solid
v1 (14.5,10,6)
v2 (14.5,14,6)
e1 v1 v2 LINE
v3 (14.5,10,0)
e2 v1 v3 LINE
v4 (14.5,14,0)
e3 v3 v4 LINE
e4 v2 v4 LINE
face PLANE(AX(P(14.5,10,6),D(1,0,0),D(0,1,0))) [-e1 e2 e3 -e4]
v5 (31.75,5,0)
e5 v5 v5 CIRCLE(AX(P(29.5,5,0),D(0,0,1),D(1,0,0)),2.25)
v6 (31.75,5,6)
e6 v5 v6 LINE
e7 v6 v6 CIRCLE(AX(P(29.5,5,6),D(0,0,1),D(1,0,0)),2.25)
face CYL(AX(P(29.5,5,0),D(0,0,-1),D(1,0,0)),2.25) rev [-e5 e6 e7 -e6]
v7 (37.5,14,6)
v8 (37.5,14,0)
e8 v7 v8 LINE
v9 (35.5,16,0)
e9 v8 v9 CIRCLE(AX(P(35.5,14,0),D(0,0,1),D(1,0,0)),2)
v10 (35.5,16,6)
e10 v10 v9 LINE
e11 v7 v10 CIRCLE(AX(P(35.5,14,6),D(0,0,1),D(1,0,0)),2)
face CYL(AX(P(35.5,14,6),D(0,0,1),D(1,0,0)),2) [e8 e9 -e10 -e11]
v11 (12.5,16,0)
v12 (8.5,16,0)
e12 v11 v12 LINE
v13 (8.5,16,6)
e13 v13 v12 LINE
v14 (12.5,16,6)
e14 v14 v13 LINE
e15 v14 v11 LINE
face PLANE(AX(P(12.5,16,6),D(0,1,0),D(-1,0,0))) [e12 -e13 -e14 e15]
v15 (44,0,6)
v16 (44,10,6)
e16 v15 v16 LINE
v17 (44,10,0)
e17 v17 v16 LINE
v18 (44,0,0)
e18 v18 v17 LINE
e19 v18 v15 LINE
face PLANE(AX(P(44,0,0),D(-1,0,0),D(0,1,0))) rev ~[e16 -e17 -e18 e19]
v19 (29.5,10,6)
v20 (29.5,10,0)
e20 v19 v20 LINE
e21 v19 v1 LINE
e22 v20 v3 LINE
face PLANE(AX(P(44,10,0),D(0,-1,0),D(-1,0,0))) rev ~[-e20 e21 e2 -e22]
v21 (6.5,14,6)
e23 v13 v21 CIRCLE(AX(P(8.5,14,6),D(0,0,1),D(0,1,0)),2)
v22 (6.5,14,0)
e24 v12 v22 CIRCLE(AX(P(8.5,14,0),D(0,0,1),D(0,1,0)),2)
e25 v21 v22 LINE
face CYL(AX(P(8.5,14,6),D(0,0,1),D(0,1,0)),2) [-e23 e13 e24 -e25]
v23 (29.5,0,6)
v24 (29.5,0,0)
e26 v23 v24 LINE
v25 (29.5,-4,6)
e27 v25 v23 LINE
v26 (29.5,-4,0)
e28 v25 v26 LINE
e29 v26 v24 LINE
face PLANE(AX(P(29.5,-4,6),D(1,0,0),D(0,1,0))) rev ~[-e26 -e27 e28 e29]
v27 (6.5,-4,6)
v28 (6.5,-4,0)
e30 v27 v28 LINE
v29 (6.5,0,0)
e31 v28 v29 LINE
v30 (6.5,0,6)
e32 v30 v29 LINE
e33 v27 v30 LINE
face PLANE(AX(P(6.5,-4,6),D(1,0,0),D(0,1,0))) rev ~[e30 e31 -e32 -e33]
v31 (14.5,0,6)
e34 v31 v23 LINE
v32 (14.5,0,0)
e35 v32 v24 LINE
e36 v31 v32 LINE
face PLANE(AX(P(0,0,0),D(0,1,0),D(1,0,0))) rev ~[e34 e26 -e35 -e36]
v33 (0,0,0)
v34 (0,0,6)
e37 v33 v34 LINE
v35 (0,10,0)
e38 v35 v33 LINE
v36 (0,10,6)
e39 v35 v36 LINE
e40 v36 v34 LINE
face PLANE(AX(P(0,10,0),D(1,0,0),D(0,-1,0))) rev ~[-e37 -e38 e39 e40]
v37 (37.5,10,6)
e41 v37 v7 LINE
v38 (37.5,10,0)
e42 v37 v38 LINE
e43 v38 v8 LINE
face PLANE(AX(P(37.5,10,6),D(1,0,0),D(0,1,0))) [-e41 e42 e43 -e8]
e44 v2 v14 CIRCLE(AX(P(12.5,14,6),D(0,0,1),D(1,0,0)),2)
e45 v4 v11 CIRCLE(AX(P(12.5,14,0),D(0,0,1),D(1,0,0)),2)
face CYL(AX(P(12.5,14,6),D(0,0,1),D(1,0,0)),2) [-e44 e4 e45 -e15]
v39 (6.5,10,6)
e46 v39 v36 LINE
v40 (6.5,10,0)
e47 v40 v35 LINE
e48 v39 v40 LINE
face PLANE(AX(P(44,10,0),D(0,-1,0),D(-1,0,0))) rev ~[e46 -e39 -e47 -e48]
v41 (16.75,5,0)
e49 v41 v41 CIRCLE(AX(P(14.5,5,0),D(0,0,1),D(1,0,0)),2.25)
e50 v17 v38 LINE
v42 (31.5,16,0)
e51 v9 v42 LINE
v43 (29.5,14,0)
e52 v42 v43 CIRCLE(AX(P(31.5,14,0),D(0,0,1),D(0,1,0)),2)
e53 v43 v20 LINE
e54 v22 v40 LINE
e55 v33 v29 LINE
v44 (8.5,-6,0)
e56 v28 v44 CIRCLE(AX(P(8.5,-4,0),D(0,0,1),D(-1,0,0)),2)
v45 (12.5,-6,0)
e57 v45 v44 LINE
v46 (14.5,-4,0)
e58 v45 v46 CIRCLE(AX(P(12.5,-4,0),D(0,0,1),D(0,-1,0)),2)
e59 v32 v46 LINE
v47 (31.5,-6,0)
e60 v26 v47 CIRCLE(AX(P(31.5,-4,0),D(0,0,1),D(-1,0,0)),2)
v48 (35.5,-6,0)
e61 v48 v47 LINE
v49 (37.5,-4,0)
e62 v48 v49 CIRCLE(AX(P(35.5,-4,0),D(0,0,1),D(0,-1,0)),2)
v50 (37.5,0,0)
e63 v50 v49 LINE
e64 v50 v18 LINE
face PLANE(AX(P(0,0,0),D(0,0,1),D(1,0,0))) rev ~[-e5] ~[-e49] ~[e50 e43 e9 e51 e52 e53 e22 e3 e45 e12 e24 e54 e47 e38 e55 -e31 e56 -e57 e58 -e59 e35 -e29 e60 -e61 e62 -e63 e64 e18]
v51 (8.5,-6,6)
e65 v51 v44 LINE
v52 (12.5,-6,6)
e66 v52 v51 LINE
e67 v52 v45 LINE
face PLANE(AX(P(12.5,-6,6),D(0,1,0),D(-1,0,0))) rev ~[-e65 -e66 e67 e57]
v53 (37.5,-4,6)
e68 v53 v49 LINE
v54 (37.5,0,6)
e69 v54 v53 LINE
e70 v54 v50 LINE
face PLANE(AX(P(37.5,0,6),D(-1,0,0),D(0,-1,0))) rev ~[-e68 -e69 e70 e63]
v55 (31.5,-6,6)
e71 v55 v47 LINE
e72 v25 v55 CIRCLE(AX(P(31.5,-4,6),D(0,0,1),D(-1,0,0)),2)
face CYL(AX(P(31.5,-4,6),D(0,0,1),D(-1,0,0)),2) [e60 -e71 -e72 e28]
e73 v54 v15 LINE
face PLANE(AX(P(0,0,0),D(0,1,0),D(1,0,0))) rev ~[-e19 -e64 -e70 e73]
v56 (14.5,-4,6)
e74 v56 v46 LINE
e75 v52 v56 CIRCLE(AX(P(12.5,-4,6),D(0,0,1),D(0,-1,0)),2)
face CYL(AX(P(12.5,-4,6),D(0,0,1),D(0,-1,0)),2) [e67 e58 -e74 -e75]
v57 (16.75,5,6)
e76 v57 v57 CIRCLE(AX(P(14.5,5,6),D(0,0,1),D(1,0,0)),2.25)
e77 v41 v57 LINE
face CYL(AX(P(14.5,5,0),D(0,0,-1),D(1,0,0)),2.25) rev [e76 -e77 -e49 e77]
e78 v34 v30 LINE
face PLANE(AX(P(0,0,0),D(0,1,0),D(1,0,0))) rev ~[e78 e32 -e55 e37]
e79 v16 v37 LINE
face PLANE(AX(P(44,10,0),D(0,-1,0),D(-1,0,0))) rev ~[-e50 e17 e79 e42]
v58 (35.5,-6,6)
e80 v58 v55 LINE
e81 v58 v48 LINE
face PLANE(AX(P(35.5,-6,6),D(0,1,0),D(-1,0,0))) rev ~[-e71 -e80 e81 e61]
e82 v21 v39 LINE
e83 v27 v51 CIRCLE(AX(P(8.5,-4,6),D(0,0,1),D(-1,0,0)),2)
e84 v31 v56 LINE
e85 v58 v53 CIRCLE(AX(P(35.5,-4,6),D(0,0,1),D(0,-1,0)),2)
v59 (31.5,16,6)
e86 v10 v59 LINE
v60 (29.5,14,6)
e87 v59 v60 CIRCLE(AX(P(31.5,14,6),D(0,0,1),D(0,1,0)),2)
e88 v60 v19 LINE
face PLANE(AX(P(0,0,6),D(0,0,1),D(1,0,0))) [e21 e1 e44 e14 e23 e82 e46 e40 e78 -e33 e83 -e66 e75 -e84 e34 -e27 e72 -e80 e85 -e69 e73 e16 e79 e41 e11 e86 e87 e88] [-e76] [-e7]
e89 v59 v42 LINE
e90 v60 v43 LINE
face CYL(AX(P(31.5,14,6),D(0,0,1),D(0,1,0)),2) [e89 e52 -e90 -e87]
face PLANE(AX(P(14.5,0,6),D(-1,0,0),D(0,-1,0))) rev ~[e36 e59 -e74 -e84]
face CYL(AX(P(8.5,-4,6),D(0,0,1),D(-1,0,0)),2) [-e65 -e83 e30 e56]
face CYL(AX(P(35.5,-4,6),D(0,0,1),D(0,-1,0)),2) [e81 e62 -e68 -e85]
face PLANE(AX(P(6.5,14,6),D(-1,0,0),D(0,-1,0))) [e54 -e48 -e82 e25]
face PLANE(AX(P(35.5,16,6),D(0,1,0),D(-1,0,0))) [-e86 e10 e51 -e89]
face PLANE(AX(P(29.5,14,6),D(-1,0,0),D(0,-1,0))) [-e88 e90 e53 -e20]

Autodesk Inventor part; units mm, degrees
ref_plane "YZ Plane" through (0, 0, 0) normal (1, 0, 0) x (0, 1, 0)
ref_plane "XZ Plane" through (0, 0, 0) normal (0, 1, 0) x (-1, 0, 0)
ref_plane "XY Plane" through (0, 0, 0) normal (0, 0, 1) x (1, 0, 0)
sketch "Sketch1" plane through (0, 0, 0) normal (0, 0, 1) x (1, 0, 0)
  line L0 (0, 0) -> (44, 0)
  line L1 (44, 0) -> (44, 10)
  line L2 (44, 10) -> (0, 10)
  line L3 (0, 10) -> (0, 0)
  circle A0 centre (29.5, 5) radius 2.25
  circle A1 centre (14.5, 5) radius 2.25
  line L4 (14.5, 5) -> (29.5, 5) construction
  point P0 (0, 5)
  point P1 (22, 5)
  point P2 (22, 10)
  dimension "d0" = 10
  dimension "d1" = 44
  dimension "d2" = 4.5
  dimension "d13" = 4.5
  dimension "d14" = 15
extrude "Extrusion3" add sketch "Sketch1" along normal blind 6
sketch "Sketch3" plane through (0, 0, 6) normal (0, 0, 1) x (1, 0, 0)
  line L0 (0, 0) -> (44, 0) projected
  line L1 (44, 10) -> (0, 10) projected
  line L2 (6.5, 10) -> (14.5, 10)
  line L3 (14.5, 10) -> (14.5, 14)
  line L4 (12.5, 16) -> (8.5, 16)
  line L5 (6.5, 14) -> (6.5, 10)
  line L6 (29.5, 10) -> (37.5, 10)
  line L7 (37.5, 10) -> (37.5, 14)
  line L8 (35.5, 16) -> (31.5, 16)
  line L9 (29.5, 14) -> (29.5, 10)
  line L10 (6.5, 0) -> (14.5, 0)
  line L11 (14.5, 0) -> (14.5, -4)
  line L12 (12.5, -6) -> (8.5, -6)
  line L13 (6.5, -4) -> (6.5, 0)
  line L14 (29.5, 0) -> (37.5, 0)
  line L15 (37.5, 0) -> (37.5, -4)
  line L16 (35.5, -6) -> (31.5, -6)
  line L17 (29.5, -4) -> (29.5, 0)
  arc A0 (8.5, 16) -> (6.5, 14) centre (8.5, 14) ccw
  arc A1 (14.5, 14) -> (12.5, 16) centre (12.5, 14) ccw
  arc A2 (31.5, 16) -> (29.5, 14) centre (31.5, 14) ccw
  arc A3 (37.5, 14) -> (35.5, 16) centre (35.5, 14) ccw
  arc A4 (6.5, -4) -> (8.5, -6) centre (8.5, -4) ccw
  arc A5 (12.5, -6) -> (14.5, -4) centre (12.5, -4) ccw
  arc A6 (29.5, -4) -> (31.5, -6) centre (31.5, -4) ccw
  arc A7 (35.5, -6) -> (37.5, -4) centre (35.5, -4) ccw
  line L18 (14.5, 12.5251) -> (29.5, 12.5251) construction
  point P0 (22, 12.5251)
  point P1 (22, 10)
  dimension "d17" = 2
  dimension "d18" = 8
  dimension "d19" = 8
  dimension "d20" = 6
  dimension "d21" = 6
  dimension "d22" = 15
extrude "Extrusion4" add sketch "Sketch3" against normal blind 6
properties part number "y_carriage_belt_mount_bed_holder"
